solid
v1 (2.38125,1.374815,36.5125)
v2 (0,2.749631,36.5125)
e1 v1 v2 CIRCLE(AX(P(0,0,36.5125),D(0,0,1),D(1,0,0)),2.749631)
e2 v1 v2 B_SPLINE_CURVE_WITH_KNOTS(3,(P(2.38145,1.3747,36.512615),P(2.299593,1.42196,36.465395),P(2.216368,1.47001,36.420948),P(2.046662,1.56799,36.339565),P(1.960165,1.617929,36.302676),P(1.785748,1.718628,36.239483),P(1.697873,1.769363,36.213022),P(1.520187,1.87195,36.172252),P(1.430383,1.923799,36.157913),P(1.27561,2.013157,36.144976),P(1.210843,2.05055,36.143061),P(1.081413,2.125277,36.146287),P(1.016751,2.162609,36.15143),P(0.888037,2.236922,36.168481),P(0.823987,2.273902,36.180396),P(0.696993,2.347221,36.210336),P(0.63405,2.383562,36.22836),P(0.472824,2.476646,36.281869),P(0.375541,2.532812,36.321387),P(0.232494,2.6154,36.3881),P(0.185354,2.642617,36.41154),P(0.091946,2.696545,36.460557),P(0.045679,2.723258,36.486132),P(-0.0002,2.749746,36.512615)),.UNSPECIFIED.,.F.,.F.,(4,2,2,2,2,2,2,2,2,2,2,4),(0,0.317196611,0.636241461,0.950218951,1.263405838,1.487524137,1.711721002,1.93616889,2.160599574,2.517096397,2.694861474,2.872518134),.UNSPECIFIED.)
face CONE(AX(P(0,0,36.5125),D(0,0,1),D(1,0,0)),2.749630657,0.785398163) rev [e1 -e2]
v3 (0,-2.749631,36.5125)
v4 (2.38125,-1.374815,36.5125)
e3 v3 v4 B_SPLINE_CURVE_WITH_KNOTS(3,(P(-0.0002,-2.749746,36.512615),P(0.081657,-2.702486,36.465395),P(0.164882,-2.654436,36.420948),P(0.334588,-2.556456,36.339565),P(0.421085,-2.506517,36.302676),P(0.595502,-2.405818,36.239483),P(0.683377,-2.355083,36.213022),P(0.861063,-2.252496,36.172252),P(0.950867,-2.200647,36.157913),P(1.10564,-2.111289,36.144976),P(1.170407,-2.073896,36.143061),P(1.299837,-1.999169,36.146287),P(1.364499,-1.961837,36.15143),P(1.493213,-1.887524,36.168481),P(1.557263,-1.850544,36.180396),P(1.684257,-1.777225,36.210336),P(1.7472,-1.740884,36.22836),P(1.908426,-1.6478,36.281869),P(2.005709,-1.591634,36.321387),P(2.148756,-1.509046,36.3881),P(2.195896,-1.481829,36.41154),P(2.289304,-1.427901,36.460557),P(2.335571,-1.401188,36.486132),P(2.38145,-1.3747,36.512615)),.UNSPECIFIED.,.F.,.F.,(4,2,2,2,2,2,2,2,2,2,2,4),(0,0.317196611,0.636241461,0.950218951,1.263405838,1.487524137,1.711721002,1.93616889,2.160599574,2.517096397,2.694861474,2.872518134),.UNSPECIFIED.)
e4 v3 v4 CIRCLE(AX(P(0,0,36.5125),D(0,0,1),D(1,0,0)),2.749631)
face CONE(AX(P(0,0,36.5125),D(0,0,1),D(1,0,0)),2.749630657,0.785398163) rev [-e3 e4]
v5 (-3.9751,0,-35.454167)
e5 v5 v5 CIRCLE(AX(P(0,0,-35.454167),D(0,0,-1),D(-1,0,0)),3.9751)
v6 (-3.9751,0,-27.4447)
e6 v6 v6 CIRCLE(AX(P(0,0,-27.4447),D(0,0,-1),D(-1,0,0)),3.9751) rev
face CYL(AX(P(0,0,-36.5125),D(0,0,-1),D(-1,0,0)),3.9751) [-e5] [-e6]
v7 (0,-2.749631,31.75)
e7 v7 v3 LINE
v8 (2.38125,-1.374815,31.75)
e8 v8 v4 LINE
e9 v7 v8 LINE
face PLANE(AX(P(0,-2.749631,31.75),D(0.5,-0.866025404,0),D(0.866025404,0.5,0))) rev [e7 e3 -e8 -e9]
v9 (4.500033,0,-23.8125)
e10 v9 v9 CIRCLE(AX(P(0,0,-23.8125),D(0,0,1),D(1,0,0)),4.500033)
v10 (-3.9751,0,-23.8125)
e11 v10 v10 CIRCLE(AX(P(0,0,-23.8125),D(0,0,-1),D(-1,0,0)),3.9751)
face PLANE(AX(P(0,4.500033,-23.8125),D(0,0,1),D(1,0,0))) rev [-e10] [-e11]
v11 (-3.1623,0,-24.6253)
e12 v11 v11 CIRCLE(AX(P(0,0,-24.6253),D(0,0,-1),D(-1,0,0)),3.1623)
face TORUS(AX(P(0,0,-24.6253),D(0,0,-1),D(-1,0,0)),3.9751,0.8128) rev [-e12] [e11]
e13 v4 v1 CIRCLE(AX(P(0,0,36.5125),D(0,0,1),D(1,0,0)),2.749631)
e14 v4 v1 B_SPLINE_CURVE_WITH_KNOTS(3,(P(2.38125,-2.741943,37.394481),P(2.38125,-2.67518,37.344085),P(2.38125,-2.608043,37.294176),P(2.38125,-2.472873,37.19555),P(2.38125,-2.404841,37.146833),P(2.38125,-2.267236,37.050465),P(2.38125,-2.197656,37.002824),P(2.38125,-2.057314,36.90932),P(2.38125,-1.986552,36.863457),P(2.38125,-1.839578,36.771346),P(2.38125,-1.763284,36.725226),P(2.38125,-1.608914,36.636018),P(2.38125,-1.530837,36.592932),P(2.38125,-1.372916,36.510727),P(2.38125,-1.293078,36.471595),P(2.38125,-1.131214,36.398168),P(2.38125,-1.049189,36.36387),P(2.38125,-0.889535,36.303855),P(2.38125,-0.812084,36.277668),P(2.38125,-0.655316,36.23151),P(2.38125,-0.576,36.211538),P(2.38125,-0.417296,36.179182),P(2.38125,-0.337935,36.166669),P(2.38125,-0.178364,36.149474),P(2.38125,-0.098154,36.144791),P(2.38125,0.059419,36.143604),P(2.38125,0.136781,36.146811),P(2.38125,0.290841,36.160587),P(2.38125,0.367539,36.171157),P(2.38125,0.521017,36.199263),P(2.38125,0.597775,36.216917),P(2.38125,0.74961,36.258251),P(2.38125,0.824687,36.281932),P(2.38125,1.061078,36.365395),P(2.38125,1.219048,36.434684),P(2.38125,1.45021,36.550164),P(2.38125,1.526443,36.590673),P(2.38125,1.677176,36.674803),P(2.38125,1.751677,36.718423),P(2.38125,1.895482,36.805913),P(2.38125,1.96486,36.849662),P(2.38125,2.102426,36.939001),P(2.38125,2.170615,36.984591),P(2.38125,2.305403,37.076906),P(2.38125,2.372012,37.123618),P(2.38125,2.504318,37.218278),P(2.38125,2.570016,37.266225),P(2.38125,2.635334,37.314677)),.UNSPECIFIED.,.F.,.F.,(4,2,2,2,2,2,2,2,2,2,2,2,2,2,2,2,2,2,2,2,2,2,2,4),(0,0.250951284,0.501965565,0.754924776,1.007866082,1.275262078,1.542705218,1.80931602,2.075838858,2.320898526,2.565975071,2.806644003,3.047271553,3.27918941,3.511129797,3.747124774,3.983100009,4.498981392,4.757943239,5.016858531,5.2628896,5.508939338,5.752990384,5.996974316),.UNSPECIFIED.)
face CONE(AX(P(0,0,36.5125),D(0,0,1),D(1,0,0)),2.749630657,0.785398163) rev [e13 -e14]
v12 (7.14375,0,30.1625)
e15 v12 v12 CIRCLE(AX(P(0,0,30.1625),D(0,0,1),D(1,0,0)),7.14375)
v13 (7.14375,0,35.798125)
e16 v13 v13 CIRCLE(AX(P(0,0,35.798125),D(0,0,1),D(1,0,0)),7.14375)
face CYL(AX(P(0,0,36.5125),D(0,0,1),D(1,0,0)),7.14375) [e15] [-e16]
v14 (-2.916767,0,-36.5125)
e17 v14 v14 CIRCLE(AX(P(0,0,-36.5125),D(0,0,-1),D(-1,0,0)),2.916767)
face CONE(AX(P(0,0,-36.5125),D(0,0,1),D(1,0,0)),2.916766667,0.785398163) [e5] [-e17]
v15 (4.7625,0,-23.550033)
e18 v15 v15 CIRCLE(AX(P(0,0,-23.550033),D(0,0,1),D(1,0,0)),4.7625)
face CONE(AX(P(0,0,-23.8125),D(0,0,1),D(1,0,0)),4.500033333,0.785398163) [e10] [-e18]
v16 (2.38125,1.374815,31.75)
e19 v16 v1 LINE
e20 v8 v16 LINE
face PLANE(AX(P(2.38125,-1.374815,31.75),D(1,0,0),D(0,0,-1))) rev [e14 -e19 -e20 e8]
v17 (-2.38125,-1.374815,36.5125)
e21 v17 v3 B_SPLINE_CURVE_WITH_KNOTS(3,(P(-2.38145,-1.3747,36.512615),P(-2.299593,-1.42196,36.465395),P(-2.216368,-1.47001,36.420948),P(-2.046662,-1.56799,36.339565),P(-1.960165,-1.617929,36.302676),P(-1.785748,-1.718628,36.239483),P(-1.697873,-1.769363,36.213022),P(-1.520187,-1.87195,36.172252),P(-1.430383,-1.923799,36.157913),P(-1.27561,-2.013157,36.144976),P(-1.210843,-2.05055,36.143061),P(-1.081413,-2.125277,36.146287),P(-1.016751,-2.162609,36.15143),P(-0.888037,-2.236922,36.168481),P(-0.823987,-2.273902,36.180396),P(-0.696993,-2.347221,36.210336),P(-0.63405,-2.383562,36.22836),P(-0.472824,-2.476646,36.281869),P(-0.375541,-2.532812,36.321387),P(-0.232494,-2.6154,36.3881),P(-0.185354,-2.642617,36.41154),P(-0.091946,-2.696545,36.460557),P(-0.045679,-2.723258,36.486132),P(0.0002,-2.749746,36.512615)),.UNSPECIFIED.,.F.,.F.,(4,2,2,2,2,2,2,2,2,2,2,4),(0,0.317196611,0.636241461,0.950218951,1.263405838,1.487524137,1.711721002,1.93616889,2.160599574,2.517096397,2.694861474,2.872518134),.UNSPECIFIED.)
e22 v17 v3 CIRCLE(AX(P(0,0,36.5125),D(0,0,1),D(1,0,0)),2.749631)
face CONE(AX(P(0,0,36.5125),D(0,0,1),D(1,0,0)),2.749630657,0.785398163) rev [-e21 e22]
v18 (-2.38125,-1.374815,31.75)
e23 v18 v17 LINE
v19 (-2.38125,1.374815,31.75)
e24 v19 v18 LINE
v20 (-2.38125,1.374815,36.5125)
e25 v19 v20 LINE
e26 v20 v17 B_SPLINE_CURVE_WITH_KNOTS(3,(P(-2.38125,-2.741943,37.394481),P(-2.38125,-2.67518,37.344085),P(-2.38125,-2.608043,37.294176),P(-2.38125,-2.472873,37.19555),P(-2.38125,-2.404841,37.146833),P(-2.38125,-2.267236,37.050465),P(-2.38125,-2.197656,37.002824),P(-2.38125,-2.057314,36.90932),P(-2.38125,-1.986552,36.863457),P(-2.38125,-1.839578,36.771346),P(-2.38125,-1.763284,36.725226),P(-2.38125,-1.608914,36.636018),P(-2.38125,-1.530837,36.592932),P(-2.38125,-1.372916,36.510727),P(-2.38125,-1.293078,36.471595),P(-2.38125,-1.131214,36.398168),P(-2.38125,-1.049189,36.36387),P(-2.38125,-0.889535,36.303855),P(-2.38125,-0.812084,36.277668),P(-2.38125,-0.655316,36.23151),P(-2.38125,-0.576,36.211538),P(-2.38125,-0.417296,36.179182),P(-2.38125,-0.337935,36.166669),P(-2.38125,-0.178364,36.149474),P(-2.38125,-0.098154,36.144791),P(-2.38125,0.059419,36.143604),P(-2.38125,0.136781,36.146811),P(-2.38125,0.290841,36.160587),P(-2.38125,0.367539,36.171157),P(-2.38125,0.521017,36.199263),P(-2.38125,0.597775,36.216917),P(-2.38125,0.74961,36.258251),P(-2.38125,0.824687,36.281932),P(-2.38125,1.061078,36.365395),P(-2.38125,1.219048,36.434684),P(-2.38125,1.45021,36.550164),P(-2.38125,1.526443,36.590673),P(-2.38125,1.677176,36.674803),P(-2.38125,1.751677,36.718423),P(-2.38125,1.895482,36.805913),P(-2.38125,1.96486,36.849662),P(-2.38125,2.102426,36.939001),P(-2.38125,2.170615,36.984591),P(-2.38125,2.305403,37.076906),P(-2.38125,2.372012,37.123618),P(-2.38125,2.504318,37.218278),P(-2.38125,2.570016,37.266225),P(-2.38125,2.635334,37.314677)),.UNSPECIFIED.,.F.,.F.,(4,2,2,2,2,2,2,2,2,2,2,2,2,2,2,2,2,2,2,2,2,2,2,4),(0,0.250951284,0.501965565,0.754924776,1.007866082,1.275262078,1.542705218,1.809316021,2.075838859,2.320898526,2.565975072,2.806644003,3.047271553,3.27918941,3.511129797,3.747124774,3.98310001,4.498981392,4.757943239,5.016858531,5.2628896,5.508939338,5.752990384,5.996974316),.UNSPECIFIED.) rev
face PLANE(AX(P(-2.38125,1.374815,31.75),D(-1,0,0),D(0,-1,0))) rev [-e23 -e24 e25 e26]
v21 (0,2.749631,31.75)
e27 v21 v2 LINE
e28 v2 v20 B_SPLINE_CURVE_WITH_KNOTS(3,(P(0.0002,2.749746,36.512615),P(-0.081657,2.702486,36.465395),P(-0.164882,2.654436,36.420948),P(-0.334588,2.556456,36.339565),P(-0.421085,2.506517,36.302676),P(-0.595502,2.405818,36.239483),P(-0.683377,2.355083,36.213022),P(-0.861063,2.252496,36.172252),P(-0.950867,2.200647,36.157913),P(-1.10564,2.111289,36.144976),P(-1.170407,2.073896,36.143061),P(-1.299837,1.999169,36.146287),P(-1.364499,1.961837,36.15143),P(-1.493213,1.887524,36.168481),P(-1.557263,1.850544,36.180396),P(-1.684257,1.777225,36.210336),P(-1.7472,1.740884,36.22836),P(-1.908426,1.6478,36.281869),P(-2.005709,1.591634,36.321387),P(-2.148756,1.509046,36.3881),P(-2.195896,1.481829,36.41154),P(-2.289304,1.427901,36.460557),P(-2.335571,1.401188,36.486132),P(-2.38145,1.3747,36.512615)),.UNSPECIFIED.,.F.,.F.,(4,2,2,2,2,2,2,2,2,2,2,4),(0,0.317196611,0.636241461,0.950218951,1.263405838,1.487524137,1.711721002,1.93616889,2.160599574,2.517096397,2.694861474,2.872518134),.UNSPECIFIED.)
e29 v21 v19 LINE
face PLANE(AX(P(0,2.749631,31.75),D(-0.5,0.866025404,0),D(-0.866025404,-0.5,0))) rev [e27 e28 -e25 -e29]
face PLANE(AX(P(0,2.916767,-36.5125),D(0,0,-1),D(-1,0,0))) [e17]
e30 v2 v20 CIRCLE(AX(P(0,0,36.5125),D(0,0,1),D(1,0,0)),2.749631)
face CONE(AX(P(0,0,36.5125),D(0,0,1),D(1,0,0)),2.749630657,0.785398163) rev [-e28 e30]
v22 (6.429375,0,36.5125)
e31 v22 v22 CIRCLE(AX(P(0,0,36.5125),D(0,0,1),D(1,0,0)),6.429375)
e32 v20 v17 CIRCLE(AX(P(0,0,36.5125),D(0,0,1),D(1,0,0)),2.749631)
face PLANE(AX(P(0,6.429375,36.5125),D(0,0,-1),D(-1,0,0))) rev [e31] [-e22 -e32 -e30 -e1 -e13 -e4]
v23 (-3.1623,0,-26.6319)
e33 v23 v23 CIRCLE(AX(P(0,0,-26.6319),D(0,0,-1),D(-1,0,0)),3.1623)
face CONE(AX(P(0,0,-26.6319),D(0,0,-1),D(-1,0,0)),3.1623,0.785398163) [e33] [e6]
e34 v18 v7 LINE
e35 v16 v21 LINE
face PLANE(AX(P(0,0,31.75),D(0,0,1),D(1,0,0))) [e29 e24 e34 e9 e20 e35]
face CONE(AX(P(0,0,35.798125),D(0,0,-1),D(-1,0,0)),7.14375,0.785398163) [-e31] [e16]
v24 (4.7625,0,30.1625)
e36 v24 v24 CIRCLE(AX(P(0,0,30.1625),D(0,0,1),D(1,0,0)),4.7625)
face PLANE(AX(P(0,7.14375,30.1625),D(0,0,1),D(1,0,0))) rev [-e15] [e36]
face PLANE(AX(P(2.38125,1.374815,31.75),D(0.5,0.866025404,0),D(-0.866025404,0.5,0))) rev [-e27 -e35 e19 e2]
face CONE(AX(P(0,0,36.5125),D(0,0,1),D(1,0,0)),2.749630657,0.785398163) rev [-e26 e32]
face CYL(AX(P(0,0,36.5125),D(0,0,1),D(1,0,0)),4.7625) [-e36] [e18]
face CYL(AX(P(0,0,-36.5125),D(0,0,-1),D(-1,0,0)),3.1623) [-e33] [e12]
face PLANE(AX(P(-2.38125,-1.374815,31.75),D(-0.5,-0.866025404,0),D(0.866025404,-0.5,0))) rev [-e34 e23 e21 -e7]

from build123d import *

# Parameters (mm, degrees)
CUT_EXTRUDE1_DEPTH = 4.7625


with BuildPart() as part:
    # Sketch4 → Revolve1 (revolve)
    with BuildSketch(Plane(origin=(0, 0, 0), x_dir=(0, 0, -1), z_dir=(1, 0, 0))):
        Polygon((-30.1625, 7.14375), (-35.798125, 7.14375), (-36.5125, 6.429375), (-36.5125, 0), (23.8125, 0), (23.8125, 4.500033333), (23.550033333, 4.7625), (-30.1625, 4.7625), align=None)
    revolve(axis=Axis((0, 0, 36.5125), (0, 0, -1)))

    # Sketch5 → Cut-Extrude1 (cut)
    with BuildSketch(Plane.XY.offset(36.5125)):
        Polygon((2.38125, 1.374815329), (0, 2.749630657), (-2.38125, 1.374815329), (-2.38125, -1.374815329), (0, -2.749630657), (2.38125, -1.374815329), align=None)
    extrude(amount=-CUT_EXTRUDE1_DEPTH, mode=Mode.SUBTRACT)

    # Cut-Extrude4 cone 1 section (through the dimple's axis) → Cut-Extrude4 (revolve, cut)
    with BuildSketch(Plane(origin=(0, 0, 36.5125), x_dir=(0, -1, 0), z_dir=(1, 0, 0))):
        Polygon((0, 0), (2.749630657, 0), (0, 2.749630657), align=None)
    revolve(axis=Axis((0, 0, 36.5125), (0, 0, -1)), mode=Mode.SUBTRACT)

    # Sketch7 → Revolve2 (revolve)
    with BuildSketch(Plane(origin=(0, 0, 0), x_dir=(0, 0, -1), z_dir=(1, 0, 0))):
        Polygon((23.8125, 3.9751), (35.454166667, 3.9751), (36.5125, 2.916766667), (36.5125, 0), (23.8125, 0), align=None)
    revolve(axis=Axis((0, 0, -36.5125), (0, 0, 1)))

    # Sketch10 → Cut-Revolve1 (revolve, cut)
    with BuildSketch(Plane(origin=(0, 0, 0), x_dir=(0, 0, -1), z_dir=(1, 0, 0))):
        with BuildLine():
            Line((24.6253, 3.1623), (26.6319, 3.1623))
            Line((26.6319, 3.1623), (28.2321, 4.7625))
            Line((28.2321, 4.7625), (23.8125, 4.7625))
            Line((23.8125, 4.7625), (23.8125, 3.9751))
            ThreePointArc((23.8125, 3.9751), (24.050563608, 3.400363608), (24.6253, 3.1623))
        make_face()
    revolve(axis=Axis((0, 0, -36.5125), (0, 0, 1)), mode=Mode.SUBTRACT)


solid = part.part
